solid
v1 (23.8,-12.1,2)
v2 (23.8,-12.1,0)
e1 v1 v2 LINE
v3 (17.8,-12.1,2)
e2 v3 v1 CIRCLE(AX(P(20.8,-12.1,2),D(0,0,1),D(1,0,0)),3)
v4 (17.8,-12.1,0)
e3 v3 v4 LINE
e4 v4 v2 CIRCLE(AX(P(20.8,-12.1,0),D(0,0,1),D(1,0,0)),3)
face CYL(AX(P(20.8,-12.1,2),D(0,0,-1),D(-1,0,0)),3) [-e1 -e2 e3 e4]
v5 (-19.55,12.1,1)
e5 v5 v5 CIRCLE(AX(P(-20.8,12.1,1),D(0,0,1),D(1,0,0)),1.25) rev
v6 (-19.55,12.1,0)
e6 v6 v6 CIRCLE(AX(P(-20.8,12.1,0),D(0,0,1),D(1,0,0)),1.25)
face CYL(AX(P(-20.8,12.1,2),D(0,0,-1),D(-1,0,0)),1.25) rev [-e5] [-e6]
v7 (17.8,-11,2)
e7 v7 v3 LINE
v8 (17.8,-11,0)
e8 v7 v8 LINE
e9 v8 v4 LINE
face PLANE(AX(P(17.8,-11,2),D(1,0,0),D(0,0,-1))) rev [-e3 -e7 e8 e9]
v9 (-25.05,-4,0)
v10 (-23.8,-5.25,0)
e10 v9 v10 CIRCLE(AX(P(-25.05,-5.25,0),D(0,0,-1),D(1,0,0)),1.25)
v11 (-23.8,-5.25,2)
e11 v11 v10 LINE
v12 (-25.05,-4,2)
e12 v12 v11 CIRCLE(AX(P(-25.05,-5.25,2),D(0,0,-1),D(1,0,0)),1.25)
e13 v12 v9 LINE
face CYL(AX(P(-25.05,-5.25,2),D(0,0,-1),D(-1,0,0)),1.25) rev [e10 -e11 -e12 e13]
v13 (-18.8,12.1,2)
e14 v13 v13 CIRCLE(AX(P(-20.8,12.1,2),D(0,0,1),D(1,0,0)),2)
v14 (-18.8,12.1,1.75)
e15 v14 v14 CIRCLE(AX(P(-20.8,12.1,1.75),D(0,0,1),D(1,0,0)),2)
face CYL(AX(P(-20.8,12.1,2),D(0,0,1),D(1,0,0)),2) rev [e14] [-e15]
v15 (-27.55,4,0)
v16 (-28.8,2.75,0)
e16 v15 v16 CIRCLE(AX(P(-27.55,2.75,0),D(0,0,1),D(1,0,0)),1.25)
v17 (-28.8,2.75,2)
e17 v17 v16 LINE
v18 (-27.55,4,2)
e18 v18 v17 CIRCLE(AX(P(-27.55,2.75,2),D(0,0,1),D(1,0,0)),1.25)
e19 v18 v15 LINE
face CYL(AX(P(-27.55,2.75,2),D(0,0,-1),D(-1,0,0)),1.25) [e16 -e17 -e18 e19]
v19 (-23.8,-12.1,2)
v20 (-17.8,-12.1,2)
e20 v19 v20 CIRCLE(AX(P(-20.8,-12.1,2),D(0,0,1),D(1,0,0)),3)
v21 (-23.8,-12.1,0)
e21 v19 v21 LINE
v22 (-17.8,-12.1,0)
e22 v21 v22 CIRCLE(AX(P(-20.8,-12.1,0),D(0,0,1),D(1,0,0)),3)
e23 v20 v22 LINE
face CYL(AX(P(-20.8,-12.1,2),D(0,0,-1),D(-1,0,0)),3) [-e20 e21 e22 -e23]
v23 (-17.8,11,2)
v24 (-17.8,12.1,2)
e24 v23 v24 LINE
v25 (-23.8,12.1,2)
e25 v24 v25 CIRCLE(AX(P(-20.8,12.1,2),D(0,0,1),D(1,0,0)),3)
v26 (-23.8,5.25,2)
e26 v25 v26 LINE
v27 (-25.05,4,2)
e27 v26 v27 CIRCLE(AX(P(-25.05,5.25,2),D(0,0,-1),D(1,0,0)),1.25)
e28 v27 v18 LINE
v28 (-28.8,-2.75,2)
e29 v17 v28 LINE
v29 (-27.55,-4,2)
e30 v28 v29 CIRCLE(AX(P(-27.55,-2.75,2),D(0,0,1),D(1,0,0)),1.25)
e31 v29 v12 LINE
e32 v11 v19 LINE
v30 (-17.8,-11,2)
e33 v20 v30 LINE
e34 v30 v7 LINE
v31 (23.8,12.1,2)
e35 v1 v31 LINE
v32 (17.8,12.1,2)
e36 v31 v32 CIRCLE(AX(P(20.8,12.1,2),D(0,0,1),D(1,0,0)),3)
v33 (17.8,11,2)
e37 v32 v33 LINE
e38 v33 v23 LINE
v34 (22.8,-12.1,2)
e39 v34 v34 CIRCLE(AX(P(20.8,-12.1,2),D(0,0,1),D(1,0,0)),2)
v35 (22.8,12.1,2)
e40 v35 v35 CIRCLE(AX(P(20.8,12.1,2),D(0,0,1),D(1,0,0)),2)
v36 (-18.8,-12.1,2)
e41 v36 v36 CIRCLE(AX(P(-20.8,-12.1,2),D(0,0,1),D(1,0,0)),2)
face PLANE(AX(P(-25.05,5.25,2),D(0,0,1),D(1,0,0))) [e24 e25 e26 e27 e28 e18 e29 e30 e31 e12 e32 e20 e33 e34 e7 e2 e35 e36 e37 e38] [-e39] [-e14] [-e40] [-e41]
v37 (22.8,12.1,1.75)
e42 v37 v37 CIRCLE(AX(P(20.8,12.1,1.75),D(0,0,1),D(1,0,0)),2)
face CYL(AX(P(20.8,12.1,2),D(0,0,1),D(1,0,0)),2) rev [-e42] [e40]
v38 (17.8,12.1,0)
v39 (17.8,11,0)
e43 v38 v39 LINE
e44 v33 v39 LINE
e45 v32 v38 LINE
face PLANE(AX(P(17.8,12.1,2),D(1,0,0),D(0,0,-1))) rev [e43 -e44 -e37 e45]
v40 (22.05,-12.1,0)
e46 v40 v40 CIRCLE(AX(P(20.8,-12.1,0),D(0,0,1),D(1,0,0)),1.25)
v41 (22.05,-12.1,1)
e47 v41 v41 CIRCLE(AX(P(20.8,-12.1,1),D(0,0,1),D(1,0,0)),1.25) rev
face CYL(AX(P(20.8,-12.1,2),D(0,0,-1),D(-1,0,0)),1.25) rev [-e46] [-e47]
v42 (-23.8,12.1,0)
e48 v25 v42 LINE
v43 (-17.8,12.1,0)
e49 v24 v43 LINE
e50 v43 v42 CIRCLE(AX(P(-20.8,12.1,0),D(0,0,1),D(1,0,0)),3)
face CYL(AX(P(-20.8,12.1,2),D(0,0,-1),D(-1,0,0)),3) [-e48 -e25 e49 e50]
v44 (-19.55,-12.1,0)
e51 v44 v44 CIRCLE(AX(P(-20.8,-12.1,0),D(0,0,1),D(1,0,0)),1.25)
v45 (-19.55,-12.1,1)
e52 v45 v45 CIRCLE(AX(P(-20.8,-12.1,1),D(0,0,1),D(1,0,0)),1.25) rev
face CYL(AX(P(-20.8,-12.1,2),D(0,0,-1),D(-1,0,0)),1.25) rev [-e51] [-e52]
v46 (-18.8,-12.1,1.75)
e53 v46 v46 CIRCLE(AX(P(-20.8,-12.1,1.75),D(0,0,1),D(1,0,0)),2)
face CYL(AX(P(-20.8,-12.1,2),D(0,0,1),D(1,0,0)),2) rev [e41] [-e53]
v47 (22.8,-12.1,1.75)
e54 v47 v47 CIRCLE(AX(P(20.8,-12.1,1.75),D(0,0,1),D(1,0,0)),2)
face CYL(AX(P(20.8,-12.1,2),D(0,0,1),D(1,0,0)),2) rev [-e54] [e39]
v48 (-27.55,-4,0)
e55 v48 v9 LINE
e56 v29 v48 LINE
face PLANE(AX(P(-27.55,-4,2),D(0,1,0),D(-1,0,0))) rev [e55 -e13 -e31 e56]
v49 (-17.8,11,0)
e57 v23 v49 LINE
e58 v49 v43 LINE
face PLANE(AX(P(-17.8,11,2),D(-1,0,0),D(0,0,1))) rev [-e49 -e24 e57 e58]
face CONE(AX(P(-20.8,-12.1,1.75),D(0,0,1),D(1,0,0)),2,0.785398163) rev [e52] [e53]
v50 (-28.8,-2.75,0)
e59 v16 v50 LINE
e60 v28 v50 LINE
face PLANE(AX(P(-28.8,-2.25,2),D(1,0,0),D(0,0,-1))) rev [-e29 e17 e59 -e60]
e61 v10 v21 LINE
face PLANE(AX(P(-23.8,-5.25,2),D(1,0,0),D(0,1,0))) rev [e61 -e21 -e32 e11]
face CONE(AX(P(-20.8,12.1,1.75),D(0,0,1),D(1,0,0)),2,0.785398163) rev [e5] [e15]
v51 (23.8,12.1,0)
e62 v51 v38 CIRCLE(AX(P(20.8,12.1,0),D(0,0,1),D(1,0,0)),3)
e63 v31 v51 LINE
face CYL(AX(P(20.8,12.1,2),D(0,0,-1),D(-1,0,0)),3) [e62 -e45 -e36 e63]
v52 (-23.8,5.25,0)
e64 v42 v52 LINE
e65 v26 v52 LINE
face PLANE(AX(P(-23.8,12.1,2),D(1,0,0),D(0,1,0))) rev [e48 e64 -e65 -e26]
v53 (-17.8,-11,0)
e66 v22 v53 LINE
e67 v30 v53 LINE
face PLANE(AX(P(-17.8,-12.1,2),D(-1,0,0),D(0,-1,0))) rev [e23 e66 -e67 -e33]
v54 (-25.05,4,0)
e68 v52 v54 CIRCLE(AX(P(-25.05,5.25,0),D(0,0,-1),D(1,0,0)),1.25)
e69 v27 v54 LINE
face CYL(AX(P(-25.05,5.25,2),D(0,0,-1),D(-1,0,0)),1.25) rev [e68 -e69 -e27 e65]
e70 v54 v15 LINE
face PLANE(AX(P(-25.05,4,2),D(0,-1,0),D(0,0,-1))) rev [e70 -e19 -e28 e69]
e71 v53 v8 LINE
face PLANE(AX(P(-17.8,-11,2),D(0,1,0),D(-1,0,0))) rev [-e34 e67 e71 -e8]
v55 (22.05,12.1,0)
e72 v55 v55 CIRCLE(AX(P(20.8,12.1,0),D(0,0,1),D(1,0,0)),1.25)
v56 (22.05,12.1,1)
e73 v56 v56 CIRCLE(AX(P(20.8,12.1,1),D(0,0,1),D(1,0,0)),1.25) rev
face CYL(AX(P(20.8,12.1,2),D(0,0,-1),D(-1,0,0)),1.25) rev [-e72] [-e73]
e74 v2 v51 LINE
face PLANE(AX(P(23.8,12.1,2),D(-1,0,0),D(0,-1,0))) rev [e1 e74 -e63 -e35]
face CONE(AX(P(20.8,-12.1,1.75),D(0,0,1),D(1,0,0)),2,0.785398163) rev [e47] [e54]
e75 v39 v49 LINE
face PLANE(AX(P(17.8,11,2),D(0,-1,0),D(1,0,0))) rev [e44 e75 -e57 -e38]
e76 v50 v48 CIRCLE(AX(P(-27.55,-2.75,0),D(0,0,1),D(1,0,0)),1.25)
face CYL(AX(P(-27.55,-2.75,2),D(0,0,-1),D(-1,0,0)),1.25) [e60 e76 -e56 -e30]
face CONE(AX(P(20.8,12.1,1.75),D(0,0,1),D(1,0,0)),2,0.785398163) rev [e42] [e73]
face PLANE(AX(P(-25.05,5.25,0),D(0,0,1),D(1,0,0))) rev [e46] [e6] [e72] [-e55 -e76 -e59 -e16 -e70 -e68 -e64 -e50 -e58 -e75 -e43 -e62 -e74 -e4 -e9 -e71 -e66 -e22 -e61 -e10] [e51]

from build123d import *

# Parameters (mm, degrees)
SKETCH1_R                                      = 1.25
BOSS_EXTRUDE1_DEPTH                            = 2
CSK_FOR_M2_FLAT_HEAD_MACHINE_SCREW1_AT_2_COUNT = 2
CSK_FOR_M2_FLAT_HEAD_MACHINE_SCREW1_AT_2_PITCH = 41.6
CSK_FOR_M2_FLAT_HEAD_MACHINE_SCREW1_AT_3_COUNT = 2
CSK_FOR_M2_FLAT_HEAD_MACHINE_SCREW1_AT_3_PITCH = 48.126915546
CSK_FOR_M2_FLAT_HEAD_MACHINE_SCREW1_AT_4_COUNT = 2
CSK_FOR_M2_FLAT_HEAD_MACHINE_SCREW1_AT_4_PITCH = 24.2


with BuildPart() as part:
    # Sketch1 → Boss-Extrude1 (new body)
    with BuildSketch(Plane.XY):
        with BuildLine():
            Line((-28.8, 2.25), (-28.8, -2.25))
            Line((-28.8, -2.25), (-28.8, -2.75))
            ThreePointArc((-28.8, -2.75), (-28.433883476, -3.633883476), (-27.55, -4))
            Line((-27.55, -4), (-25.05, -4))
            ThreePointArc((-25.05, -4), (-24.166116524, -4.366116524), (-23.8, -5.25))
            Line((-23.8, -5.25), (-23.8, -12.1))
            ThreePointArc((-23.8, -12.1), (-20.8, -15.1), (-17.8, -12.1))
            Line((-17.8, -12.1), (-17.8, -11))
            Line((-17.8, -11), (17.8, -11))
            Line((17.8, -11), (17.8, -12.1))
            ThreePointArc((17.8, -12.1), (20.8, -15.1), (23.8, -12.1))
            Line((23.8, -12.1), (23.8, 12.1))
            ThreePointArc((23.8, 12.1), (20.8, 15.1), (17.8, 12.1))
            Line((17.8, 12.1), (17.8, 11))
            Line((17.8, 11), (-17.8, 11))
            Line((-17.8, 11), (-17.8, 12.1))
            ThreePointArc((-17.8, 12.1), (-20.8, 15.1), (-23.8, 12.1))
            Line((-23.8, 12.1), (-23.8, 5.25))
            ThreePointArc((-23.8, 5.25), (-24.166116524, 4.366116524), (-25.05, 4))
            Line((-25.05, 4), (-27.55, 4))
            ThreePointArc((-27.55, 4), (-28.433883476, 3.633883476), (-28.8, 2.75))
            Line((-28.8, 2.75), (-28.8, 2.25))
        make_face()
        with Locations((-20.8, 12.1)):
            Circle(SKETCH1_R, mode=Mode.SUBTRACT)
        with Locations((20.8, 12.1)):
            Circle(SKETCH1_R, mode=Mode.SUBTRACT)
        with Locations((20.8, -12.1)):
            Circle(SKETCH1_R, mode=Mode.SUBTRACT)
        with Locations((-20.8, -12.1)):
            Circle(SKETCH1_R, mode=Mode.SUBTRACT)
    extrude(amount=BOSS_EXTRUDE1_DEPTH)

    # Sketch3 → CSK for M2 Flat Head Machine Screw1 (revolve, cut)
    with BuildSketch(Plane(origin=(-20.8, 12.1, 2), x_dir=(0, -1, 0), z_dir=(1, 0, 0))):
        Polygon((0, 0), (0, 4.400860619), (1, 3.8), (1, 1.25), (2, 0.25), (2, 0), align=None)
    csk_for_m2_flat_head_machine_screw1 = revolve(axis=Axis((-20.8, 12.1, 8.35), (0, 0, -1)), mode=Mode.SUBTRACT)

    # CSK for M2 Flat Head Machine Screw1 at 2: CSK for M2 Flat Head Machine Screw1 ×2
    with Locations(*[(i * CSK_FOR_M2_FLAT_HEAD_MACHINE_SCREW1_AT_2_PITCH, 0, 0) for i in range(1, CSK_FOR_M2_FLAT_HEAD_MACHINE_SCREW1_AT_2_COUNT)]):
        add(csk_for_m2_flat_head_machine_screw1, mode=Mode.SUBTRACT)

    # CSK for M2 Flat Head Machine Screw1 at 3: CSK for M2 Flat Head Machine Screw1 ×2
    with Locations(*[Vector(0.864381179, -0.502837128, 0) * (i * CSK_FOR_M2_FLAT_HEAD_MACHINE_SCREW1_AT_3_PITCH) for i in range(1, CSK_FOR_M2_FLAT_HEAD_MACHINE_SCREW1_AT_3_COUNT)]):
        add(csk_for_m2_flat_head_machine_screw1, mode=Mode.SUBTRACT)

    # CSK for M2 Flat Head Machine Screw1 at 4: CSK for M2 Flat Head Machine Screw1 ×2
    with Locations(*[(0, -i * CSK_FOR_M2_FLAT_HEAD_MACHINE_SCREW1_AT_4_PITCH, 0) for i in range(1, CSK_FOR_M2_FLAT_HEAD_MACHINE_SCREW1_AT_4_COUNT)]):
        add(csk_for_m2_flat_head_machine_screw1, mode=Mode.SUBTRACT)


solid = part.part
